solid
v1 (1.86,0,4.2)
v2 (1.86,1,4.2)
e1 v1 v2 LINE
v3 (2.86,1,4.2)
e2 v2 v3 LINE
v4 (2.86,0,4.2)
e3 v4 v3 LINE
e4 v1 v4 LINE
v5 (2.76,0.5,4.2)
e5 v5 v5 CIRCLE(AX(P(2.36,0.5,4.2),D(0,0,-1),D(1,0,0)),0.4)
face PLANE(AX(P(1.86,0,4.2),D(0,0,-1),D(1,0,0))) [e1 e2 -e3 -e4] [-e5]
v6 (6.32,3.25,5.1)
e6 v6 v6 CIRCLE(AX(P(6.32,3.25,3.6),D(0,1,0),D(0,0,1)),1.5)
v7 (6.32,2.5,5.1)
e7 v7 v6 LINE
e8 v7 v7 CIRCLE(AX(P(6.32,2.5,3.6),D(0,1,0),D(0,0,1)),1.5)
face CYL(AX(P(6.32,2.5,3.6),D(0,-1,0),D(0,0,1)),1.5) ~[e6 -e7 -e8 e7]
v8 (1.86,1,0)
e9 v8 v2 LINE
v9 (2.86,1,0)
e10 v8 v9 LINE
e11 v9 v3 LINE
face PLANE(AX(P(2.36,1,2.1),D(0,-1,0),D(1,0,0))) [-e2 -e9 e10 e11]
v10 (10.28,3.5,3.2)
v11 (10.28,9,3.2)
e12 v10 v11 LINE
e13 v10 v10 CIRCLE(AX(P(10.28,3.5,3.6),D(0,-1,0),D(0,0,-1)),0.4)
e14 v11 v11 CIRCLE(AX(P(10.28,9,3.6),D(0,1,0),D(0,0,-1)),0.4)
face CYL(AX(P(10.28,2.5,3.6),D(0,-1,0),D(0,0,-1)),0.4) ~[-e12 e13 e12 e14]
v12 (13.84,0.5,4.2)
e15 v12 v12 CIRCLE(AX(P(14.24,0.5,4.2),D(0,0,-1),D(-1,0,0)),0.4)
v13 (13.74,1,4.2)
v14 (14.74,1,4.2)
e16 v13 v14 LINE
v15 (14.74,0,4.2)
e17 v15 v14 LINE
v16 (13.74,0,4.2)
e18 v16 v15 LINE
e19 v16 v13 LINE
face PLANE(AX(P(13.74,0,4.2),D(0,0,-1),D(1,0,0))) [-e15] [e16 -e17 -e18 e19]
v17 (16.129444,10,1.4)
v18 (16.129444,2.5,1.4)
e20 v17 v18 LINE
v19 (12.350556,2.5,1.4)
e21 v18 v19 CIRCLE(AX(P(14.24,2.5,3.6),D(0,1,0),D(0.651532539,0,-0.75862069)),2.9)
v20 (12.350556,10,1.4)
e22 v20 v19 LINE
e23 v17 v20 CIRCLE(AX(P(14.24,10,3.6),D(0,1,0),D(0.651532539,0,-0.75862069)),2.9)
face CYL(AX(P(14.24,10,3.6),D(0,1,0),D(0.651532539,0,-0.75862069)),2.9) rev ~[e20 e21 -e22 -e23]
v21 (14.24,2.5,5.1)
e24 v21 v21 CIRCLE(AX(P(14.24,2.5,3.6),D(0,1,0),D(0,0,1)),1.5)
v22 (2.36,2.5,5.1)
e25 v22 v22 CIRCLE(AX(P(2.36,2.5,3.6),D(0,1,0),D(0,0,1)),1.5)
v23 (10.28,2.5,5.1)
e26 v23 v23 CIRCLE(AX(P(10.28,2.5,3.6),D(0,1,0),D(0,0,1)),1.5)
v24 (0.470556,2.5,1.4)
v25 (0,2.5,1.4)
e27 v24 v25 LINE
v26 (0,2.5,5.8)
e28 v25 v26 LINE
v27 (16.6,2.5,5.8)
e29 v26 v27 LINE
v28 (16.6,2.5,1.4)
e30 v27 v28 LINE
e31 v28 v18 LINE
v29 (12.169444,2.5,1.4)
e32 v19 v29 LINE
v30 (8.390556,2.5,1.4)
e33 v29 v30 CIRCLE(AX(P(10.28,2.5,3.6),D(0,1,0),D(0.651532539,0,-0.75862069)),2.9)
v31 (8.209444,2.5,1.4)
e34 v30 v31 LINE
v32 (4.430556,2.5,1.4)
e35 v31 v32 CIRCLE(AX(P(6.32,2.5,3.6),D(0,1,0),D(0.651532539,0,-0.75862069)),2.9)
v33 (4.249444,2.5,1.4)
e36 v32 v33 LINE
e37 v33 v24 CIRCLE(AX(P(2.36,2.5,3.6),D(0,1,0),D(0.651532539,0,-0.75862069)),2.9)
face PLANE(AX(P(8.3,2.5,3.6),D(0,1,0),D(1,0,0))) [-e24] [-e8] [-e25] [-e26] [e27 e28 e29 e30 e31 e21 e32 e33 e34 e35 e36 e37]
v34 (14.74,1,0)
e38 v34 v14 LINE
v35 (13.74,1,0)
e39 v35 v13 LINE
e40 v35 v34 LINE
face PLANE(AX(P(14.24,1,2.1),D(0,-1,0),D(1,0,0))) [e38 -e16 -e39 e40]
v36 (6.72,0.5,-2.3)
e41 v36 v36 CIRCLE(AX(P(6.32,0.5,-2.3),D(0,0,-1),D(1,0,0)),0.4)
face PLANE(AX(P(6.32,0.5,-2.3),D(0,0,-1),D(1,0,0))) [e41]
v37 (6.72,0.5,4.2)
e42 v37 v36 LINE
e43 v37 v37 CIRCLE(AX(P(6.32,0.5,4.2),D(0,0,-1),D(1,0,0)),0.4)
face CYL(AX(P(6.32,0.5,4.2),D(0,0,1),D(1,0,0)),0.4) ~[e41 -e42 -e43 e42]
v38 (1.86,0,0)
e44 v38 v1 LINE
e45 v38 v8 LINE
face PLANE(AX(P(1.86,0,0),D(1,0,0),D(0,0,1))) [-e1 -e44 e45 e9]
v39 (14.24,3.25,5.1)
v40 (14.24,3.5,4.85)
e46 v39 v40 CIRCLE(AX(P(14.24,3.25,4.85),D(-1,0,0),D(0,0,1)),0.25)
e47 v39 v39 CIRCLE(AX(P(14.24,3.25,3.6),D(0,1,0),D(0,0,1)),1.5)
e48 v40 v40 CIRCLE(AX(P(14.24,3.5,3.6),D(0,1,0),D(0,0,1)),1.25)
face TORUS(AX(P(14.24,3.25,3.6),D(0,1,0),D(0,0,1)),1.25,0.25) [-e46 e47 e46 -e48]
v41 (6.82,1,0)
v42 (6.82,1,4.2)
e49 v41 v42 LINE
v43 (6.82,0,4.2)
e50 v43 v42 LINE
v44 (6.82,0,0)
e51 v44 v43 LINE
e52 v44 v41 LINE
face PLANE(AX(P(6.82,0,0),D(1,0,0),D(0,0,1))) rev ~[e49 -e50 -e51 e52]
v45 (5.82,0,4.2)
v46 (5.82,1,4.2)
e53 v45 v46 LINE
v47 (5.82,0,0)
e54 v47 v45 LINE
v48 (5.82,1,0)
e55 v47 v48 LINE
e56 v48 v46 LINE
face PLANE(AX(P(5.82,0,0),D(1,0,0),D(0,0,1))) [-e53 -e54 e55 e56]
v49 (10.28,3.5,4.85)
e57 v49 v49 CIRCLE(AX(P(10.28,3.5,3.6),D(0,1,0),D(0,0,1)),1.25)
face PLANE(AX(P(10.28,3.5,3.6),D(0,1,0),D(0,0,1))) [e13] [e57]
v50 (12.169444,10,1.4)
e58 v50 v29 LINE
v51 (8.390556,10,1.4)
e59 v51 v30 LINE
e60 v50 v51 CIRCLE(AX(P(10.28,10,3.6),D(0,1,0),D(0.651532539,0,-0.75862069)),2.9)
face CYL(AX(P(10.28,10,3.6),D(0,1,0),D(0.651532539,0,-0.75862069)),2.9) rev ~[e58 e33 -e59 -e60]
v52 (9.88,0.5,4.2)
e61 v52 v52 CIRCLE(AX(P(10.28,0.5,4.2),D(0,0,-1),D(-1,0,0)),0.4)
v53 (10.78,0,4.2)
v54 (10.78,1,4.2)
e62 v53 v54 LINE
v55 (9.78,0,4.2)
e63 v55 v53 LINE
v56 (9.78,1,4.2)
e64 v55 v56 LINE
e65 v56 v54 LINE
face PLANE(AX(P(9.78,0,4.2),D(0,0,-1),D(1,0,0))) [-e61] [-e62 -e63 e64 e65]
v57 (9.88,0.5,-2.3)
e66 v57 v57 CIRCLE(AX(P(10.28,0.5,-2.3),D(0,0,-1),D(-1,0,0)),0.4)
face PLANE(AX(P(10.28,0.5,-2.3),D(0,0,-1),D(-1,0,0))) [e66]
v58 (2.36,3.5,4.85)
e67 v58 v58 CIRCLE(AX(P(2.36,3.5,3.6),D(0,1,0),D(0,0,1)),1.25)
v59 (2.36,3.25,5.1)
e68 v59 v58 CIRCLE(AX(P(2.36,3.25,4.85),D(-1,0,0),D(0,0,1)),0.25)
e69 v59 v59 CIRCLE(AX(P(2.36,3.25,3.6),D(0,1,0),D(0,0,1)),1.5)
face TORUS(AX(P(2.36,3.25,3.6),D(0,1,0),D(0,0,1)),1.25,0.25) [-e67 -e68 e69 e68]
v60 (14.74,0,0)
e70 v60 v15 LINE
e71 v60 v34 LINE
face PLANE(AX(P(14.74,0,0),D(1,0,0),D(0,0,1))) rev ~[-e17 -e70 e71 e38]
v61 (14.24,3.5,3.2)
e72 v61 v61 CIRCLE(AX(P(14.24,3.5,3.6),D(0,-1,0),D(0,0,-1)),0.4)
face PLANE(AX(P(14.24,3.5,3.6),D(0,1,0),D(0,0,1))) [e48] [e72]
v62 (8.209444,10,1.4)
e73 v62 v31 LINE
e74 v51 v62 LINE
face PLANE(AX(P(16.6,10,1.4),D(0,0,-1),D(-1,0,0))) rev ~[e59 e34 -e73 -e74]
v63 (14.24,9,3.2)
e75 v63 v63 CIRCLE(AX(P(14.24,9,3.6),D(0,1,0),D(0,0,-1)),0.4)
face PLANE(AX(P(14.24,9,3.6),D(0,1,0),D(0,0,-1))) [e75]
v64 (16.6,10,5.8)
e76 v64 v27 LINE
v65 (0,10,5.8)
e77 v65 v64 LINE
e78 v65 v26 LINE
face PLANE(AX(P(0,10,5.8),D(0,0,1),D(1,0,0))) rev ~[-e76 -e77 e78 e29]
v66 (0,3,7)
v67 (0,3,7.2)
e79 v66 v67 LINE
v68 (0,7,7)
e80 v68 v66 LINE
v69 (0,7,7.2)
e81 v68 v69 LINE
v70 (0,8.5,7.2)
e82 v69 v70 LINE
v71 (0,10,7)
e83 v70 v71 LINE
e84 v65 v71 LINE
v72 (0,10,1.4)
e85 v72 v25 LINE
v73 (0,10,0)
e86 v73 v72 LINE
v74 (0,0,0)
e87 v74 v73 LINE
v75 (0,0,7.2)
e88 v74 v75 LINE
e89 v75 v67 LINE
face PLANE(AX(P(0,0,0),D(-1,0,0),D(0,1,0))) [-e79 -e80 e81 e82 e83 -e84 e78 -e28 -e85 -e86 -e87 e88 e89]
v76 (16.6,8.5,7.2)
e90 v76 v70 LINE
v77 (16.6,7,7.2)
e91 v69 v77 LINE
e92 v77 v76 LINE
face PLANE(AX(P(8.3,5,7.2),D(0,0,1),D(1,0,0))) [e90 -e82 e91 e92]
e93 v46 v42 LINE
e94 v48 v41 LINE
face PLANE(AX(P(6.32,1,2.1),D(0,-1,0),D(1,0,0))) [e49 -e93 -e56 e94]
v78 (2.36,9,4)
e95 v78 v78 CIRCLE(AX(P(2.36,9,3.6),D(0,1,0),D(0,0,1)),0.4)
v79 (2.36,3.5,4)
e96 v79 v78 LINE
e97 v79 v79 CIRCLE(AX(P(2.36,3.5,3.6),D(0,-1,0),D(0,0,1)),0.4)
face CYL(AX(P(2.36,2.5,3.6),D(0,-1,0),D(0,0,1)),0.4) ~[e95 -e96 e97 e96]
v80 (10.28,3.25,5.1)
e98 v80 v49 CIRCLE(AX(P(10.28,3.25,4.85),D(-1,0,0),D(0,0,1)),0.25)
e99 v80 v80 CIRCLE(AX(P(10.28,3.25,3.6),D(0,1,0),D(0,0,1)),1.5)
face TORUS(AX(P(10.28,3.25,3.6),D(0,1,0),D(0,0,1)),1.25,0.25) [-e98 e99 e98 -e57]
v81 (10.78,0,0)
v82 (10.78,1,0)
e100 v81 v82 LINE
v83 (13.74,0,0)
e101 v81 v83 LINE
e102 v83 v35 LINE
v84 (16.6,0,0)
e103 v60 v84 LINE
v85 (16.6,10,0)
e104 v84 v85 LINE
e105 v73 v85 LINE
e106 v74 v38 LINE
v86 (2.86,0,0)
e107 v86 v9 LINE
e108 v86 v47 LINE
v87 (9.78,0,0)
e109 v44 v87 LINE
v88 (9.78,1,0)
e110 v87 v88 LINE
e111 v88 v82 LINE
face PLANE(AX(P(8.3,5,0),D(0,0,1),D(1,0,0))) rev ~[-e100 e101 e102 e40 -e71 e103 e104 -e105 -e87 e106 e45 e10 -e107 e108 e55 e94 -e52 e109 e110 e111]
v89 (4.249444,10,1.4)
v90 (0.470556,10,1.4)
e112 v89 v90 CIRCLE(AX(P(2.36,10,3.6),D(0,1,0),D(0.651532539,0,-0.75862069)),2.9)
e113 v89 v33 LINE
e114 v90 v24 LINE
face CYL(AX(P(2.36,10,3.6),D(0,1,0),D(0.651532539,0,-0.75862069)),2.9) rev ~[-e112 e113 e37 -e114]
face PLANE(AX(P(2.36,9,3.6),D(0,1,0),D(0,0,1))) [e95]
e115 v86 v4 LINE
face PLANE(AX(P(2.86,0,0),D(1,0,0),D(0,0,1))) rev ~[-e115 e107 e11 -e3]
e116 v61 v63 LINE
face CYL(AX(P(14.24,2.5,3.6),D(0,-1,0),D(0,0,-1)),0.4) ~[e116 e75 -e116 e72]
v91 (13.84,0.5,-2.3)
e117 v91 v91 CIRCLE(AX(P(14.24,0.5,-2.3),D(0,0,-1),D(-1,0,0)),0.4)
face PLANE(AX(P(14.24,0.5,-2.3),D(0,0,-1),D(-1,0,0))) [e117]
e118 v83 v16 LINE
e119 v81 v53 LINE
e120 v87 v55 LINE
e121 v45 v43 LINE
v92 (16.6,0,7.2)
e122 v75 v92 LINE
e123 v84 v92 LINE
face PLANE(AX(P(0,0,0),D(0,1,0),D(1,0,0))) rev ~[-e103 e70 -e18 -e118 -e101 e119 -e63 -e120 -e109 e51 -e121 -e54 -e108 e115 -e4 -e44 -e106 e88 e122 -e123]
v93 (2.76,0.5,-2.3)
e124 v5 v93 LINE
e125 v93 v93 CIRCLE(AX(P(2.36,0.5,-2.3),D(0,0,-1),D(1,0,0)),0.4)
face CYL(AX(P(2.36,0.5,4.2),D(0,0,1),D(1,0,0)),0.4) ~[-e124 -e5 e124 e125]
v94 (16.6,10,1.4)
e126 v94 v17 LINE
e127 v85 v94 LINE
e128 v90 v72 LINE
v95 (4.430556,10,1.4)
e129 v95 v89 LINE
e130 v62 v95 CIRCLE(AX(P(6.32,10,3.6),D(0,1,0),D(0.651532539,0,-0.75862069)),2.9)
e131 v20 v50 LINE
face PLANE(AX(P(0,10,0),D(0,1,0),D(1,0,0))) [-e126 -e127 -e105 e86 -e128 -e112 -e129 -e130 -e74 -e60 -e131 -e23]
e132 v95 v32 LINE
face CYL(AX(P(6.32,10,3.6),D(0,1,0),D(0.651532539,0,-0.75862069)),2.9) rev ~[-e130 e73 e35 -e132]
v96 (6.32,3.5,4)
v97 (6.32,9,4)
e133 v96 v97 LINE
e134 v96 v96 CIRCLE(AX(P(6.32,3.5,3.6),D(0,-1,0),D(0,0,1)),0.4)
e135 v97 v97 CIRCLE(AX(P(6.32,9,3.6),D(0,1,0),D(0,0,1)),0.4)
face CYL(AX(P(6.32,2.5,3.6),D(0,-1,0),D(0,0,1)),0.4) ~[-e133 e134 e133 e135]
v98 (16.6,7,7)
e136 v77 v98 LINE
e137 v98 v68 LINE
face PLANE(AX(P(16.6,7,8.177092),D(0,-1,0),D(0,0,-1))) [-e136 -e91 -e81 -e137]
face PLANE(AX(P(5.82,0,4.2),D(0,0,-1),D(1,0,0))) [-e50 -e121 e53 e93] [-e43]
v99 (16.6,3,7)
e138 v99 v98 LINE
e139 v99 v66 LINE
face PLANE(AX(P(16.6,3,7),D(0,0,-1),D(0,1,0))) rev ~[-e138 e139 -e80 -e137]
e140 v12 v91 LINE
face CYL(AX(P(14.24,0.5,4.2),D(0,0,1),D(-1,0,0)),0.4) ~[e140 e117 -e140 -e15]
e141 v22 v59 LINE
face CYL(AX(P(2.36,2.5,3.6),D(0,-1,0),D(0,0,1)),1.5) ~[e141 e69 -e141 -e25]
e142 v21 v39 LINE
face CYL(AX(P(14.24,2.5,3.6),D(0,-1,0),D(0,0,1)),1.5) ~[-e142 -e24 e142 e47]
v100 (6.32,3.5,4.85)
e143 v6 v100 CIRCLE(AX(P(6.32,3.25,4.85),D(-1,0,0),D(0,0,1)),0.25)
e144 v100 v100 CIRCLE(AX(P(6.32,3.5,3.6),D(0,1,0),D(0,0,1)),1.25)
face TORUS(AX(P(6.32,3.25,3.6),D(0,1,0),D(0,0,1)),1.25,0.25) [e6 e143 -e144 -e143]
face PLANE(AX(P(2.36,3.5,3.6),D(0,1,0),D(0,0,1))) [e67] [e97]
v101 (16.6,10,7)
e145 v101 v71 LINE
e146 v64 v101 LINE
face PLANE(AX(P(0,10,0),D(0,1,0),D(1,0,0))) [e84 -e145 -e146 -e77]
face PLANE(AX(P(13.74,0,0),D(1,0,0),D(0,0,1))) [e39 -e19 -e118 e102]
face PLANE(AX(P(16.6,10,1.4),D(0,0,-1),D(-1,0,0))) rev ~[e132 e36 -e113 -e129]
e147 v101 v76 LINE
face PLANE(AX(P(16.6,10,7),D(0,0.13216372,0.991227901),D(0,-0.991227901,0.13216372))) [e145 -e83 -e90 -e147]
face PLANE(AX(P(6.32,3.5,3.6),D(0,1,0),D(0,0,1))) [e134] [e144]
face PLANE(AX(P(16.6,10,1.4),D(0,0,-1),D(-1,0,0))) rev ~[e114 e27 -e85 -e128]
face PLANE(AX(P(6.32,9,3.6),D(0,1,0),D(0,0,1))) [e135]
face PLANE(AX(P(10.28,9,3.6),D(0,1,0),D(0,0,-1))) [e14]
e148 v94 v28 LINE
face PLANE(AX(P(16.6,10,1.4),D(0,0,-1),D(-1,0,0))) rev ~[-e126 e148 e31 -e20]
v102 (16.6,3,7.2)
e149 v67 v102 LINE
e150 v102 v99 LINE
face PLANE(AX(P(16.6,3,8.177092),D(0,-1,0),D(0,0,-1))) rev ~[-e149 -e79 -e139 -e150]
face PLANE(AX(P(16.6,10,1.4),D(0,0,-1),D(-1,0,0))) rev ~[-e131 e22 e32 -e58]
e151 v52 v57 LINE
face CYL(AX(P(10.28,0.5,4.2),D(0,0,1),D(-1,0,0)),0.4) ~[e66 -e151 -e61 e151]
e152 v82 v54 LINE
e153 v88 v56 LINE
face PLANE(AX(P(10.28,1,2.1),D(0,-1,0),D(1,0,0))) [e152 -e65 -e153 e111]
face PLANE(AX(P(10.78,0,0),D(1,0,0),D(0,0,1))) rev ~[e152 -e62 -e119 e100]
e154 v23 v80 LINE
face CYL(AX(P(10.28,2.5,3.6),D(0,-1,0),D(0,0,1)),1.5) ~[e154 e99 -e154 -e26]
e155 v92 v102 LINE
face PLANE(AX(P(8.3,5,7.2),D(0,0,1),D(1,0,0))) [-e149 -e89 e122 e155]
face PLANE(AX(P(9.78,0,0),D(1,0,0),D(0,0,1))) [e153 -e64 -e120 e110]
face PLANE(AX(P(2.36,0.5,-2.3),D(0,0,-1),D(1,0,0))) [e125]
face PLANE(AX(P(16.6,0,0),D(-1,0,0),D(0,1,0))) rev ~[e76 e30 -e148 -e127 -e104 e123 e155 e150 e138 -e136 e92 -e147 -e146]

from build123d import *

# Parameters (mm, degrees)
SKETCH_1_W          = 16.6
SKETCH_1_H          = 10
EXTRUDE_1_DEPTH     = 7.2
SKETCH_2_W          = 1.17709233
SKETCH_2_H          = 4
CUT_EXTRUDE_1_DEPTH = 21.673654733
CUT_EXTRUDE_2_DEPTH = 21.673654733
CUT_EXTRUDE_4_DEPTH = 7.5
SKETCH_12_R         = 0.4
EXTRUDE_8_DEPTH     = 6.5
SKETCH_13_R         = 1.5
EXTRUDE_9_DEPTH     = 1
FILLET_2_R          = 0.25
SKETCH_14_W         = 1
SKETCH_14_H         = 4.2
CUT_EXTRUDE_7_DEPTH = 1
SKETCH_15_R         = 0.4
EXTRUDE_10_DEPTH    = 6.5
CUT_EXTRUDE_9_DEPTH = 7.5


with BuildPart() as part:
    # 草图1 → 凸台-拉伸1 (new body)
    with BuildSketch(Plane.XY):
        with Locations((8.3, 5)):
            Rectangle(SKETCH_1_W, SKETCH_1_H)
    extrude(amount=EXTRUDE_1_DEPTH)

    # 草图2 → 切除-拉伸1 (cut, through all)
    with BuildSketch(Plane(origin=(16.6, 0, 0), x_dir=(0, 0, -1), z_dir=(1, 0, 0))):
        with Locations((-7.588546165, 5)):
            Rectangle(SKETCH_2_W, SKETCH_2_H)
    extrude(amount=-CUT_EXTRUDE_1_DEPTH, mode=Mode.SUBTRACT)

    # 草图3 → 切除-拉伸2 (cut, through all)
    with BuildSketch(Plane(origin=(16.6, 0, 0), x_dir=(0, 0, -1), z_dir=(1, 0, 0))):
        Polygon((-7, 10), (-7.2, 8.5), (-7.2, 10), align=None)
    extrude(amount=-CUT_EXTRUDE_2_DEPTH, mode=Mode.SUBTRACT)

    # 草图6 → 切除-拉伸4 (cut)
    with BuildSketch(Plane(origin=(0, 10, 0), x_dir=(1, 0, 0), z_dir=(0, 1, 0))):
        Polygon((0.5, -1.4), (0.391822444, -1.4), (0, -1.4), (0, -5.8), (0.391822444, -5.8), (0.5, -5.8), (16.6, -5.8), (16.6, -1.4), align=None)
    extrude(amount=-CUT_EXTRUDE_4_DEPTH, mode=Mode.SUBTRACT)

    # 草图12 → 凸台-拉伸8 (add)
    with BuildSketch(Plane(origin=(0, 2.5, 0), x_dir=(1, 0, 0), z_dir=(0, 1, 0))):
        with Locations(Location((6.32, -3.6, 0), (0, 0, 270))):
            Circle(SKETCH_12_R)
        with Locations(Location((2.36, -3.6, 0), (0, 0, 270))):
            Circle(SKETCH_12_R)
        with Locations(Location((14.24, -3.6, 0), (0, 0, 90))):
            Circle(SKETCH_12_R)
        with Locations(Location((10.28, -3.6, 0), (0, 0, 90))):
            Circle(SKETCH_12_R)
    extrude(amount=EXTRUDE_8_DEPTH)

    # 草图13 → 凸台-拉伸9 (add)
    with BuildSketch(Plane(origin=(0, 2.5, 0), x_dir=(1, 0, 0), z_dir=(0, 1, 0))):
        with Locations(Location((14.24, -3.6, 0), (0, 0, 270))):
            Circle(SKETCH_13_R)
        with Locations(Location((10.28, -3.6, 0), (0, 0, 270))):
            Circle(SKETCH_13_R)
        with Locations(Location((6.32, -3.6, 0), (0, 0, 270))):
            Circle(SKETCH_13_R)
        with Locations(Location((2.36, -3.6, 0), (0, 0, 270))):
            Circle(SKETCH_13_R)
    extrude(amount=EXTRUDE_9_DEPTH)

    # 圆角2
    fillet_2_edges = [part.edges().sort_by_distance(p)[0] for p in [
        (14.24, 3.5, 2.1),
        (10.28, 3.5, 2.1),
        (6.32, 3.5, 2.1),
        (2.36, 3.5, 2.1),
    ]]
    fillet(fillet_2_edges, radius=FILLET_2_R)

    # 草图14 → 切除-拉伸7 (cut)
    with BuildSketch(Plane.XZ):
        with Locations((2.36, 2.1)):
            Rectangle(SKETCH_14_W, SKETCH_14_H)
        with Locations((6.32, 2.1)):
            Rectangle(SKETCH_14_W, SKETCH_14_H)
        with Locations((10.28, 2.1)):
            Rectangle(SKETCH_14_W, SKETCH_14_H)
        with Locations((14.24, 2.1)):
            Rectangle(SKETCH_14_W, SKETCH_14_H)
    extrude(amount=-CUT_EXTRUDE_7_DEPTH, mode=Mode.SUBTRACT)

    # 草图15 → 凸台-拉伸10 (add)
    with BuildSketch(Plane(origin=(0, 0, 4.2), x_dir=(-1, 0, 0), z_dir=(0, 0, -1))):
        with Locations(Location((-2.36, 0.5, 0), (0, 0, 180))):
            Circle(SKETCH_15_R)
        with Locations(Location((-6.32, 0.5, 0), (0, 0, 180))):
            Circle(SKETCH_15_R)
        with Locations((-10.28, 0.5)):
            Circle(SKETCH_15_R)
        with Locations((-14.24, 0.5)):
            Circle(SKETCH_15_R)
    extrude(amount=EXTRUDE_10_DEPTH)

    # 草图16 → 切除-拉伸9 (cut)
    with BuildSketch(Plane(origin=(0, 10, 0), x_dir=(1, 0, 0), z_dir=(0, 1, 0))):
        with BuildLine():
            Line((0.470555637, -1.4), (4.249444363, -1.4))
            ThreePointArc((4.249444363, -1.4), (2.36, -0.7), (0.470555637, -1.4))
        make_face()
        with BuildLine():
            Line((12.350555637, -1.4), (16.129444363, -1.4))
            ThreePointArc((16.129444363, -1.4), (14.24, -0.7), (12.350555637, -1.4))
        make_face()
        with BuildLine():
            Line((8.390555637, -1.4), (12.169444363, -1.4))
            ThreePointArc((12.169444363, -1.4), (10.28, -0.7), (8.390555637, -1.4))
        make_face()
        with BuildLine():
            Line((4.430555637, -1.4), (8.209444363, -1.4))
            ThreePointArc((8.209444363, -1.4), (6.32, -0.7), (4.430555637, -1.4))
        make_face()
    extrude(amount=-CUT_EXTRUDE_9_DEPTH, mode=Mode.SUBTRACT)


solid = part.part
